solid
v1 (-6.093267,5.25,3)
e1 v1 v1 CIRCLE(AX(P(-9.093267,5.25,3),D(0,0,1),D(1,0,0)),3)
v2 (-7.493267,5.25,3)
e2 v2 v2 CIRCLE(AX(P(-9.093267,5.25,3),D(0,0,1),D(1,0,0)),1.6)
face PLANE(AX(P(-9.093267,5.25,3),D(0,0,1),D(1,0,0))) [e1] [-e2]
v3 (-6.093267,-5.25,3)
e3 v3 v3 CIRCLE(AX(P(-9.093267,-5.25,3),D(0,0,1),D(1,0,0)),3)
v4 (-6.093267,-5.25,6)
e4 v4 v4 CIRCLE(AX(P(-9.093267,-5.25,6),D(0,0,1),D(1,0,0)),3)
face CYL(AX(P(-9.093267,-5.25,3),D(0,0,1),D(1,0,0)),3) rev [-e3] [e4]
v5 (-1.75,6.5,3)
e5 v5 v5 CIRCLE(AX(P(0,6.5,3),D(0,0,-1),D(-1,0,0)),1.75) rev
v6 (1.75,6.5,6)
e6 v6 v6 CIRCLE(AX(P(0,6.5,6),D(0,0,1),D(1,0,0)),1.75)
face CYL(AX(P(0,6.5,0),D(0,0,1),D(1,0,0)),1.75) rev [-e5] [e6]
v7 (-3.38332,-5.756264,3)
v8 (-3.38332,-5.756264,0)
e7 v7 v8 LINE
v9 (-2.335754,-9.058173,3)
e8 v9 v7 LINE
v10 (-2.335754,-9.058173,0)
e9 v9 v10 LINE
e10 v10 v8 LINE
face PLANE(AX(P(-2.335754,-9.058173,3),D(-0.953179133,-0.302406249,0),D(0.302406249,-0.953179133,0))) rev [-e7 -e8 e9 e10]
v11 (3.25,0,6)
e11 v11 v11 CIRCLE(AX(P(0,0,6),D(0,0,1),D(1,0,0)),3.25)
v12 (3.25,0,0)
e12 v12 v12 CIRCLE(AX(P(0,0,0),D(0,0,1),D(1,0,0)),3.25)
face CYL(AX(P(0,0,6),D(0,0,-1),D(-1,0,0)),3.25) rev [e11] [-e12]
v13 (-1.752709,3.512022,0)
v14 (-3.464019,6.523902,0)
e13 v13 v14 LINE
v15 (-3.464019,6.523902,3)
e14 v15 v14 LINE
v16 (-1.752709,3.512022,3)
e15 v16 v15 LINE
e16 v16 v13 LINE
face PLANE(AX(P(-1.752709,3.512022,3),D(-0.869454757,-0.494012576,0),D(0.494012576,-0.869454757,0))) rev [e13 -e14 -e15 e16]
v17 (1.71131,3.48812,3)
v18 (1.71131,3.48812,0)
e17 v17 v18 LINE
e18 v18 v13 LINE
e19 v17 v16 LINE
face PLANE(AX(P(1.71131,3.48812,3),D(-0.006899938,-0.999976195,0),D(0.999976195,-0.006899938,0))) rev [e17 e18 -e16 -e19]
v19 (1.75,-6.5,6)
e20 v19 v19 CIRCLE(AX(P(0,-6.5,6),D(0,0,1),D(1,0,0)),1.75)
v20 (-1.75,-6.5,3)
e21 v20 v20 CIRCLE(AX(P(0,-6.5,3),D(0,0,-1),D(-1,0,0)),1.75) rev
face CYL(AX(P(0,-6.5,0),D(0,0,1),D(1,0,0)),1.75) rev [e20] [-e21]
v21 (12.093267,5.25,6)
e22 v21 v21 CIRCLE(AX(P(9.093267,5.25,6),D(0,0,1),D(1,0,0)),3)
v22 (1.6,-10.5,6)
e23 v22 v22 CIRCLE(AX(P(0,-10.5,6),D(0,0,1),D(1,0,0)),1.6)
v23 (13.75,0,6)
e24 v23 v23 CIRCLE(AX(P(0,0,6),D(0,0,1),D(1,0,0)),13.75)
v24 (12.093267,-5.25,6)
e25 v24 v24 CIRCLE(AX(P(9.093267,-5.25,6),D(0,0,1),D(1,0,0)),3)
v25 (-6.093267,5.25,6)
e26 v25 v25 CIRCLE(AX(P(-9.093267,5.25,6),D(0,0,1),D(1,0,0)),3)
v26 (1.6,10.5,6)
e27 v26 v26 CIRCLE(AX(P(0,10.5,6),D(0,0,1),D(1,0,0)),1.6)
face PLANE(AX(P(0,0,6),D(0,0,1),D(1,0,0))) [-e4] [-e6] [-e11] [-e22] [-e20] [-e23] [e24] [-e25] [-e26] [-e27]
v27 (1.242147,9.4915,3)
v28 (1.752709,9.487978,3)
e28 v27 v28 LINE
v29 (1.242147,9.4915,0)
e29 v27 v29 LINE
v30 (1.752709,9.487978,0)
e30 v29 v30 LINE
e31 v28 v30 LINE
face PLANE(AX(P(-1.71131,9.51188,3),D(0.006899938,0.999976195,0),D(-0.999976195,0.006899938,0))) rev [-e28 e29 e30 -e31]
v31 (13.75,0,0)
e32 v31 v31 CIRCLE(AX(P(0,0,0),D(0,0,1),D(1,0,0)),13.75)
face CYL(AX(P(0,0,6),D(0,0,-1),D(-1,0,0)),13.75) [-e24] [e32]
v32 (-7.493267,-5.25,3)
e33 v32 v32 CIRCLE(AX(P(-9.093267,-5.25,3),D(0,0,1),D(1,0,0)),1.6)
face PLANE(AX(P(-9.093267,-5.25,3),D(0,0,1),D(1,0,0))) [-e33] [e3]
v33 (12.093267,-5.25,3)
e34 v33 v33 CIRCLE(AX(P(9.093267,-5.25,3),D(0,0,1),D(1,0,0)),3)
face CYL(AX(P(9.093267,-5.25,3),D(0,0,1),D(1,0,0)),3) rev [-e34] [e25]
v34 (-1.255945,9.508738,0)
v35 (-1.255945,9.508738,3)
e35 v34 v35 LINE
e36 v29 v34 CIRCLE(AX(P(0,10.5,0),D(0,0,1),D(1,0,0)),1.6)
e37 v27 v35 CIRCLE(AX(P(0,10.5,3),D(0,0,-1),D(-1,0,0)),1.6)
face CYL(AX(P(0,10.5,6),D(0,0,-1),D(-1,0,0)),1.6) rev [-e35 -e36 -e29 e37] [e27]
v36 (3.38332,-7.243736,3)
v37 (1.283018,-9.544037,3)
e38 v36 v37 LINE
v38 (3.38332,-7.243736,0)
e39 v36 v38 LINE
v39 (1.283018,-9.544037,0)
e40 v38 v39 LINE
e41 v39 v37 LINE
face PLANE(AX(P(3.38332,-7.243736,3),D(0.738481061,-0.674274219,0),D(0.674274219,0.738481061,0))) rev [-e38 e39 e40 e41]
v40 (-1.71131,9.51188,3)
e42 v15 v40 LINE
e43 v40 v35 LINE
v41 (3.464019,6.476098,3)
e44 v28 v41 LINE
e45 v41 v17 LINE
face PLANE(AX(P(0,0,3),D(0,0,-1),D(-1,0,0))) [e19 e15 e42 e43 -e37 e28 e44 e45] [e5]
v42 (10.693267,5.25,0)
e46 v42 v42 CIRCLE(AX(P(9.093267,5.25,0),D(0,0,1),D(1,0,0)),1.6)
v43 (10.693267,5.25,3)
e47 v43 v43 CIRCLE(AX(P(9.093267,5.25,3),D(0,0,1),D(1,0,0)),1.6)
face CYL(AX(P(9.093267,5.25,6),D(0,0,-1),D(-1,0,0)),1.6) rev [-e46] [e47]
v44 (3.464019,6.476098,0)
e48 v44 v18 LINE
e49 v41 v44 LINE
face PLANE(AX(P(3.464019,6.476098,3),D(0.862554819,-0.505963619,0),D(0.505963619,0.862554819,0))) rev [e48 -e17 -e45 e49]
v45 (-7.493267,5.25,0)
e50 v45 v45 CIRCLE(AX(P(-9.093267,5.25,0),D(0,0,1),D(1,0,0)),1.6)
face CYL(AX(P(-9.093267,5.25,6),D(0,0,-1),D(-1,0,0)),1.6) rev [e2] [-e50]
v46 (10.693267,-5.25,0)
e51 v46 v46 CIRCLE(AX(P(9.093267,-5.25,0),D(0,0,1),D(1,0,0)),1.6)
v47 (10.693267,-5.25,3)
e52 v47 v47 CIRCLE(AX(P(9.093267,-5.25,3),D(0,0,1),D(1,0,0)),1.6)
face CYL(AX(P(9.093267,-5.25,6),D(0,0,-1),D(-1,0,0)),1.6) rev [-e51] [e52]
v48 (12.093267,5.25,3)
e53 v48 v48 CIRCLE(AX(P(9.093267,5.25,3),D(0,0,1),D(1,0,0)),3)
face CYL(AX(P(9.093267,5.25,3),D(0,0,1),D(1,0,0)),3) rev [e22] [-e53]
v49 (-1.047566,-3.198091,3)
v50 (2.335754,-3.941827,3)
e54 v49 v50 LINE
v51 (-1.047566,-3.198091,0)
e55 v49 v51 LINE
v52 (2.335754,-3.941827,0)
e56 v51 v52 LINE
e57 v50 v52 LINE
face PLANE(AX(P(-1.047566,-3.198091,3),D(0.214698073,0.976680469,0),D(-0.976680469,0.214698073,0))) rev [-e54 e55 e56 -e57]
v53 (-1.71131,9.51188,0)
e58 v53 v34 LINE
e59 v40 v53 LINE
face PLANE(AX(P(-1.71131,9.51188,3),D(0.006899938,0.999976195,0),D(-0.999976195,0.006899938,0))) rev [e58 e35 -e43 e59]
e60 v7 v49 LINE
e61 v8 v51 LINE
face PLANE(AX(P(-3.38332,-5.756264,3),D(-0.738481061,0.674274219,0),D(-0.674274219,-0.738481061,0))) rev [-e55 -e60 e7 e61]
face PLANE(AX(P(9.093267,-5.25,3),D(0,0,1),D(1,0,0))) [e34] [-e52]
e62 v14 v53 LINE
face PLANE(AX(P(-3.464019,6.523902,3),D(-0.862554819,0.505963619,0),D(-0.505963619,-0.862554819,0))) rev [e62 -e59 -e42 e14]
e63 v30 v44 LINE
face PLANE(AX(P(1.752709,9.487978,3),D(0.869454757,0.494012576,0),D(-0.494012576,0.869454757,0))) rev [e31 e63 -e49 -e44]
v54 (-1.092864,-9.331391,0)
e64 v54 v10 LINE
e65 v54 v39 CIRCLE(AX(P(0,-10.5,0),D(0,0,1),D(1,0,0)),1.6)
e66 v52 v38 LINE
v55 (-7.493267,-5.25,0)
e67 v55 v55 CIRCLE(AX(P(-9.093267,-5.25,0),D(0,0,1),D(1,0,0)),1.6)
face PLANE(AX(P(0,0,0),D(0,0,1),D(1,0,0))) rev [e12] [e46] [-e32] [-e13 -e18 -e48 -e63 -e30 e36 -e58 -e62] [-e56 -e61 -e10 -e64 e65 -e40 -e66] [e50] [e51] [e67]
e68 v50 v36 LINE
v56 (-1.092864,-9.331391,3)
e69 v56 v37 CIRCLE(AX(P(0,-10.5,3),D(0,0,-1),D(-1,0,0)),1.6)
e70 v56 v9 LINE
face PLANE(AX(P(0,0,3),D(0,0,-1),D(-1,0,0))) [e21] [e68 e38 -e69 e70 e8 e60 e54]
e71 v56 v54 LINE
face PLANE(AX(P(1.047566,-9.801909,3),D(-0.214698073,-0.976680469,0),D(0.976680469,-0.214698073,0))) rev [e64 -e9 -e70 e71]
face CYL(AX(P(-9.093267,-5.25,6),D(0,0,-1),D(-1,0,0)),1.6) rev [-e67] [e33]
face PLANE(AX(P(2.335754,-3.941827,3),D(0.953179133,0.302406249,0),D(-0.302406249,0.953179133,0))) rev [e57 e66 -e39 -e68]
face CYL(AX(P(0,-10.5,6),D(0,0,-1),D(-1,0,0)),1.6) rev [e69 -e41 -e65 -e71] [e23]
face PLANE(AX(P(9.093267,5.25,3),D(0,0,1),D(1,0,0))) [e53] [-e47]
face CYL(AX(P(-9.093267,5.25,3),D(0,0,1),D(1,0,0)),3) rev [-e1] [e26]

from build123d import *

# Parameters (mm, degrees)
SKETCH_1_R          = 13.75
SKETCH_1_R_2        = 1.6
SKETCH_1_R_3        = 3.25
EXTRUDE_1_DEPTH     = 6
SKETCH_2_R          = 1.75
CUT_EXTRUDE_1_DEPTH = 7
SKETCH_3_R          = 3
CUT_EXTRUDE_2_DEPTH = 3
CUT_EXTRUDE_6_DEPTH = 3


with BuildPart() as part:
    # ｽｹｯﾁ1 → ﾎﾞｽ - 押し出し1 (new body)
    with BuildSketch(Plane.XY):
        Circle(SKETCH_1_R)
        with Locations((0, 10.5)):
            Circle(SKETCH_1_R_2, mode=Mode.SUBTRACT)
        with Locations((9.09326674, 5.25)):
            Circle(SKETCH_1_R_2, mode=Mode.SUBTRACT)
        with Locations((9.09326674, -5.25)):
            Circle(SKETCH_1_R_2, mode=Mode.SUBTRACT)
        with Locations((0, -10.5)):
            Circle(SKETCH_1_R_2, mode=Mode.SUBTRACT)
        with Locations((-9.09326674, -5.25)):
            Circle(SKETCH_1_R_2, mode=Mode.SUBTRACT)
        with Locations((-9.09326674, 5.25)):
            Circle(SKETCH_1_R_2, mode=Mode.SUBTRACT)
        Circle(SKETCH_1_R_3, mode=Mode.SUBTRACT)
    extrude(amount=EXTRUDE_1_DEPTH)

    # ｽｹｯﾁ2 → ｶｯﾄ - 押し出し1 (cut, through all)
    with BuildSketch(Plane.XY.offset(6)):
        with Locations((0, 6.5)):
            Circle(SKETCH_2_R)
        with Locations((0, -6.5)):
            Circle(SKETCH_2_R)
    extrude(amount=-CUT_EXTRUDE_1_DEPTH, mode=Mode.SUBTRACT)

    # ｽｹｯﾁ3 → ｶｯﾄ - 押し出し2 (cut)
    with BuildSketch(Plane.XY.offset(6)):
        with Locations((9.09326674, 5.25)):
            Circle(SKETCH_3_R)
        with Locations((-9.09326674, -5.25)):
            Circle(SKETCH_3_R)
        with Locations((-9.09326674, 5.25)):
            Circle(SKETCH_3_R)
        with Locations((9.09326674, -5.25)):
            Circle(SKETCH_3_R)
    extrude(amount=-CUT_EXTRUDE_2_DEPTH, mode=Mode.SUBTRACT)

    # ｽｹｯﾁ7 → ｶｯﾄ - 押し出し6 (cut)
    with BuildSketch(Plane(origin=(0, 0, 0), x_dir=(-1, 0, 0), z_dir=(0, 0, -1))):
        Polygon((1.752709389, 3.512022457), (3.464019153, 6.523902085), (1.711309763, 9.511879628), (-1.752709389, 9.487977543), (-3.464019153, 6.476097915), (-1.711309763, 3.488120372), align=None)
        Polygon((2.335754412, -9.058173436), (3.383320389, -5.75626406), (1.047565977, -3.198090624), (-2.335754412, -3.941826564), (-3.383320389, -7.24373594), (-1.047565977, -9.801909376), align=None)
    extrude(amount=-CUT_EXTRUDE_6_DEPTH, mode=Mode.SUBTRACT)


solid = part.part
